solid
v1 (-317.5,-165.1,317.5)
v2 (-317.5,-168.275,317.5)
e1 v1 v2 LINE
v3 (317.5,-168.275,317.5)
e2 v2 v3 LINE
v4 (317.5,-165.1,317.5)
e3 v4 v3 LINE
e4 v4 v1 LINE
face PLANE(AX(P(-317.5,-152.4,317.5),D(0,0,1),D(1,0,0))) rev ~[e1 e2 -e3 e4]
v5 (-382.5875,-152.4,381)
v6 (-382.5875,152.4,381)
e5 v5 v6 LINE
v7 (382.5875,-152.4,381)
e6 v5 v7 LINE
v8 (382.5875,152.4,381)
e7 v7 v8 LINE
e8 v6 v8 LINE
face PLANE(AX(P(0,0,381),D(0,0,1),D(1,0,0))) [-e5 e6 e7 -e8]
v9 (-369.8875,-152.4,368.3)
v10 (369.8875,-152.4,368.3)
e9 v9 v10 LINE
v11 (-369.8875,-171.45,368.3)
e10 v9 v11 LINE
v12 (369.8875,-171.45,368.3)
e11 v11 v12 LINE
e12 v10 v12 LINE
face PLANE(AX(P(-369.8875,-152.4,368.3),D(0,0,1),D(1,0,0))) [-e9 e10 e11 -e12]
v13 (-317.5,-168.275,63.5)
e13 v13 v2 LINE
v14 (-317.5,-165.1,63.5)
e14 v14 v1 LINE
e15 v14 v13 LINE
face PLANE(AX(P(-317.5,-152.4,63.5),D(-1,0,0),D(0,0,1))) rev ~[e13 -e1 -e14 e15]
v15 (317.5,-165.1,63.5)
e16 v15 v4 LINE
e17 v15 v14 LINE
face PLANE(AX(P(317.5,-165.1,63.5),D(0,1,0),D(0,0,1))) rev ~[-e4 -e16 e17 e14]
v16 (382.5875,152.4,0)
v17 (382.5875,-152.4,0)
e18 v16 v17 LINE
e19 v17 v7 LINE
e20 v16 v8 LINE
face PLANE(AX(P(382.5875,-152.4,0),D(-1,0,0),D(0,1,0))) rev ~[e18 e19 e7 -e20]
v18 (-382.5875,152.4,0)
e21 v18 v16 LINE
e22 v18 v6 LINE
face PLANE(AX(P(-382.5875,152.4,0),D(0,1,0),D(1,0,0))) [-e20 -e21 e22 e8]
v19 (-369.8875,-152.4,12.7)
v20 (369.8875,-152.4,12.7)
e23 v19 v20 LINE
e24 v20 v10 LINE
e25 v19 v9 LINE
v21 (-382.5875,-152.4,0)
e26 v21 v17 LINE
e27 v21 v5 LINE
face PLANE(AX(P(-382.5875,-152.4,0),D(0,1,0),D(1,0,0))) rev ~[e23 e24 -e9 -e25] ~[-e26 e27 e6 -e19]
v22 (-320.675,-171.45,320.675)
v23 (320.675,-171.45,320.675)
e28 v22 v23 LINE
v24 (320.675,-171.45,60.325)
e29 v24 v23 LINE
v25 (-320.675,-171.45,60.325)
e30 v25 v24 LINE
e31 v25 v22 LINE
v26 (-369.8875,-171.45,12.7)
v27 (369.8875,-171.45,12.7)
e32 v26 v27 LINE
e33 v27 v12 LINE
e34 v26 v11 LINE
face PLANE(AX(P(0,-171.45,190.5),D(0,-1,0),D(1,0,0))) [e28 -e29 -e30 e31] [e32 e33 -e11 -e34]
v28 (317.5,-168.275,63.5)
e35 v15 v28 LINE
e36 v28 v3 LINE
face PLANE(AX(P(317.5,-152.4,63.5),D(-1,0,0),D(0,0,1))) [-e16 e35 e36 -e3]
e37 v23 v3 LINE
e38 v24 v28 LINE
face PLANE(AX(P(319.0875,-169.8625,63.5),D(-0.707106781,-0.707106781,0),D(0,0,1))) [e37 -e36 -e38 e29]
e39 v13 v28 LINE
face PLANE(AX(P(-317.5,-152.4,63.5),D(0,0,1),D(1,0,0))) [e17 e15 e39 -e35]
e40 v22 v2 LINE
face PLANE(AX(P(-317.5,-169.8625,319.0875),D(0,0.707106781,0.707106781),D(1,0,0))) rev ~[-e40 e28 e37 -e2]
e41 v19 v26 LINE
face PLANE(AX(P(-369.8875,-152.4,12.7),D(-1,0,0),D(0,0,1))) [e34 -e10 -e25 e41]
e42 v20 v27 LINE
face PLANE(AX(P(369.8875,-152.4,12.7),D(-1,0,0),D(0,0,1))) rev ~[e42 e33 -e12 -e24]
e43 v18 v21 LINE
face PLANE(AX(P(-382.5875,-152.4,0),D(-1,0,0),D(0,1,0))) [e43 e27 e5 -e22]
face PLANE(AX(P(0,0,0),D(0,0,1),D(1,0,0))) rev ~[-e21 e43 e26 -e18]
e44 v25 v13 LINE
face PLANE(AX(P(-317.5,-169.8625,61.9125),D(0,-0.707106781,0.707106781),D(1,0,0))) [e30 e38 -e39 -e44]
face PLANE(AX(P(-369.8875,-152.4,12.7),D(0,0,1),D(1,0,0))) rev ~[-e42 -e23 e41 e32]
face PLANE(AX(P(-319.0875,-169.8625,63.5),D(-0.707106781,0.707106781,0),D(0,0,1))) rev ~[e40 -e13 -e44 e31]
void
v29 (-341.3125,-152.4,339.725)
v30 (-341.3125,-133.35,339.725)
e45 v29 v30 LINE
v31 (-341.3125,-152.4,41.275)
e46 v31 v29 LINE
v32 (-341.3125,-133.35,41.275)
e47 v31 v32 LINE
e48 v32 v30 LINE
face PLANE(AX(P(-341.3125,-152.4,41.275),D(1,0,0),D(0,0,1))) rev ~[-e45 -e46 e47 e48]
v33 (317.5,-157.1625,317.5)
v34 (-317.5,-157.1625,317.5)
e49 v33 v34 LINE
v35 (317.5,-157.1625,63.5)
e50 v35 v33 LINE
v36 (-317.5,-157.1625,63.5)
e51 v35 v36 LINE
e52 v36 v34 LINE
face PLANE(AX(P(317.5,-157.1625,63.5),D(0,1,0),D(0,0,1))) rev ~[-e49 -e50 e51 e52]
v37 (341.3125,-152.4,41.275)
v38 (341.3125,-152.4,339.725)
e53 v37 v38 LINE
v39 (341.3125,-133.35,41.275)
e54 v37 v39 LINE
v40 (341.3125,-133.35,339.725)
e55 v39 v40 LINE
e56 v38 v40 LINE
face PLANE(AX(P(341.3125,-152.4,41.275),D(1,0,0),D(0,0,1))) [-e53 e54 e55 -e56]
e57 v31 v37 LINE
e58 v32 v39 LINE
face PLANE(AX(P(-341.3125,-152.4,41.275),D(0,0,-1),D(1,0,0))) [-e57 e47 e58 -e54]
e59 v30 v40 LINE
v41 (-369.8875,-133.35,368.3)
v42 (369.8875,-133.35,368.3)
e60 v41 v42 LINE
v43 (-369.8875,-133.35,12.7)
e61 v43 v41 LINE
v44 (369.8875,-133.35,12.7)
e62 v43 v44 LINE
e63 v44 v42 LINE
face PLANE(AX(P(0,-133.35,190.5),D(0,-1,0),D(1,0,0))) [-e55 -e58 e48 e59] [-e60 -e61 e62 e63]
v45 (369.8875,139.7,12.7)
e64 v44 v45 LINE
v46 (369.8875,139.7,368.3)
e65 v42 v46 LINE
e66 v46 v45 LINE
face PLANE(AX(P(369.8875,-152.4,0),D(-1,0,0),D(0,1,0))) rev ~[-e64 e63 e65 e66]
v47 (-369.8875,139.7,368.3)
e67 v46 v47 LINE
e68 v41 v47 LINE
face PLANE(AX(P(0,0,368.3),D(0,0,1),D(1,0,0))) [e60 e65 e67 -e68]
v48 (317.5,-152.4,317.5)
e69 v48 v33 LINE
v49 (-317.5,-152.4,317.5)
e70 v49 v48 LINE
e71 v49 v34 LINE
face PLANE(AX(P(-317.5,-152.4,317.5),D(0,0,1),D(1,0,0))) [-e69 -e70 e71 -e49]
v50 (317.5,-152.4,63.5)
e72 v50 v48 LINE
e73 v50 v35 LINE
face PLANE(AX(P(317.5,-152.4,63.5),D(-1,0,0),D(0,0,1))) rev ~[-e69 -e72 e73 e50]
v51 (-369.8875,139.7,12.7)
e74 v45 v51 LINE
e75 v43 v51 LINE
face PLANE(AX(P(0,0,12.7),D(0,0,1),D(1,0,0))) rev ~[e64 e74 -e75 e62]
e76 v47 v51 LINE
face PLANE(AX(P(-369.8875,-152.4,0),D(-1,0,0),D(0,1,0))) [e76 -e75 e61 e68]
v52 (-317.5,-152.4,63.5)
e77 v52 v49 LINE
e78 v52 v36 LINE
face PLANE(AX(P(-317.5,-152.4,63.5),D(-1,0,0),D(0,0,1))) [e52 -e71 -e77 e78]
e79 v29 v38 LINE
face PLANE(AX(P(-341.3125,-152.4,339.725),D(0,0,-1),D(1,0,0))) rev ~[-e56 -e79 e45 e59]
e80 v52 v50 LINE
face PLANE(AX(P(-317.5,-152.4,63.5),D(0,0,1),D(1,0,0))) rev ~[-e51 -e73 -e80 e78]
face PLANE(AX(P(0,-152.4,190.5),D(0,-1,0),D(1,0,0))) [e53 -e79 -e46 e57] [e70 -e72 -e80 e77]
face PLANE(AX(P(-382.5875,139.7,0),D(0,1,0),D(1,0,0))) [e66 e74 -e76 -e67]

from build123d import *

# Parameters (mm, degrees)
F0_W     = 765.175
F0_H     = 304.8
F1_DEPTH = 381
F2_T     = -12.7
F3_W     = 765.175
F3_H     = 381
F3_W_2   = 749.3
F3_H_2   = 368.3
F3_W_3   = 739.775
F3_H_3   = 355.6
F3_W_4   = 682.625
F3_H_4   = 298.45
F4_DEPTH = 19.05
F3_W_5   = 635
F3_H_5   = 254
F5_DEPTH = 19.05
F6_W     = 7.9375
F6_H     = 254
F7_DEPTH = 635
F8_SIZE  = 3.175


with BuildPart() as f1:
    # F0 (on Top) → F1 (new body)
    with BuildSketch(Plane.XY):
        Rectangle(F0_W, F0_H)
    extrude(amount=F1_DEPTH)

    # F2
    f2_openings = [f1.faces().sort_by_distance(p)[0] for p in [
        (0, -152.4, 190.5),
    ]]
    offset(amount=F2_T, openings=f2_openings)

    # F3 (on face) → F4 (join)
    with BuildSketch(Plane.XZ.offset(152.4)):
        with Locations((0, 190.5)):
            Rectangle(F3_W, F3_H)
        with Locations((0, 190.5)):
            Rectangle(F3_W_2, F3_H_2, mode=Mode.SUBTRACT)
        with Locations((0, 190.5)):
            Rectangle(F3_W_2, F3_H_2)
        with Locations((0, 190.5)):
            Rectangle(F3_W_3, F3_H_3, mode=Mode.SUBTRACT)
        with Locations((0, 190.5)):
            Rectangle(F3_W_3, F3_H_3)
        with Locations((0, 190.5)):
            Rectangle(F3_W_4, F3_H_4, mode=Mode.SUBTRACT)
    extrude(amount=-F4_DEPTH)

    # F3 (on face) → F5 (join)
    with BuildSketch(Plane.XZ.offset(152.4)):
        with Locations((0, 190.5)):
            Rectangle(F3_W_3, F3_H_3)
        with Locations((0, 190.5)):
            Rectangle(F3_W_4, F3_H_4, mode=Mode.SUBTRACT)
        with Locations((0, 190.5)):
            Rectangle(F3_W_4, F3_H_4)
        with Locations((0, 190.5)):
            Rectangle(F3_W_5, F3_H_5, mode=Mode.SUBTRACT)
    extrude(amount=F5_DEPTH)

    # F6 (on face) → F7 (join, through all)
    with BuildSketch(Plane(origin=(317.5, 0, 0), x_dir=(0, -1, 0), z_dir=(-1, 0, 0))):
        with Locations((161.13125, 190.5)):
            Rectangle(F6_W, F6_H)
    extrude(amount=F7_DEPTH)

    # F8
    f8_edges = [f1.edges().sort_by_distance(p)[0] for p in [
        (0, -171.45, 63.5),
        (-317.5, -171.45, 190.5),
        (0, -171.45, 317.5),
        (317.5, -171.45, 190.5),
    ]]
    chamfer(f8_edges, length=F8_SIZE)


solid = f1.part
